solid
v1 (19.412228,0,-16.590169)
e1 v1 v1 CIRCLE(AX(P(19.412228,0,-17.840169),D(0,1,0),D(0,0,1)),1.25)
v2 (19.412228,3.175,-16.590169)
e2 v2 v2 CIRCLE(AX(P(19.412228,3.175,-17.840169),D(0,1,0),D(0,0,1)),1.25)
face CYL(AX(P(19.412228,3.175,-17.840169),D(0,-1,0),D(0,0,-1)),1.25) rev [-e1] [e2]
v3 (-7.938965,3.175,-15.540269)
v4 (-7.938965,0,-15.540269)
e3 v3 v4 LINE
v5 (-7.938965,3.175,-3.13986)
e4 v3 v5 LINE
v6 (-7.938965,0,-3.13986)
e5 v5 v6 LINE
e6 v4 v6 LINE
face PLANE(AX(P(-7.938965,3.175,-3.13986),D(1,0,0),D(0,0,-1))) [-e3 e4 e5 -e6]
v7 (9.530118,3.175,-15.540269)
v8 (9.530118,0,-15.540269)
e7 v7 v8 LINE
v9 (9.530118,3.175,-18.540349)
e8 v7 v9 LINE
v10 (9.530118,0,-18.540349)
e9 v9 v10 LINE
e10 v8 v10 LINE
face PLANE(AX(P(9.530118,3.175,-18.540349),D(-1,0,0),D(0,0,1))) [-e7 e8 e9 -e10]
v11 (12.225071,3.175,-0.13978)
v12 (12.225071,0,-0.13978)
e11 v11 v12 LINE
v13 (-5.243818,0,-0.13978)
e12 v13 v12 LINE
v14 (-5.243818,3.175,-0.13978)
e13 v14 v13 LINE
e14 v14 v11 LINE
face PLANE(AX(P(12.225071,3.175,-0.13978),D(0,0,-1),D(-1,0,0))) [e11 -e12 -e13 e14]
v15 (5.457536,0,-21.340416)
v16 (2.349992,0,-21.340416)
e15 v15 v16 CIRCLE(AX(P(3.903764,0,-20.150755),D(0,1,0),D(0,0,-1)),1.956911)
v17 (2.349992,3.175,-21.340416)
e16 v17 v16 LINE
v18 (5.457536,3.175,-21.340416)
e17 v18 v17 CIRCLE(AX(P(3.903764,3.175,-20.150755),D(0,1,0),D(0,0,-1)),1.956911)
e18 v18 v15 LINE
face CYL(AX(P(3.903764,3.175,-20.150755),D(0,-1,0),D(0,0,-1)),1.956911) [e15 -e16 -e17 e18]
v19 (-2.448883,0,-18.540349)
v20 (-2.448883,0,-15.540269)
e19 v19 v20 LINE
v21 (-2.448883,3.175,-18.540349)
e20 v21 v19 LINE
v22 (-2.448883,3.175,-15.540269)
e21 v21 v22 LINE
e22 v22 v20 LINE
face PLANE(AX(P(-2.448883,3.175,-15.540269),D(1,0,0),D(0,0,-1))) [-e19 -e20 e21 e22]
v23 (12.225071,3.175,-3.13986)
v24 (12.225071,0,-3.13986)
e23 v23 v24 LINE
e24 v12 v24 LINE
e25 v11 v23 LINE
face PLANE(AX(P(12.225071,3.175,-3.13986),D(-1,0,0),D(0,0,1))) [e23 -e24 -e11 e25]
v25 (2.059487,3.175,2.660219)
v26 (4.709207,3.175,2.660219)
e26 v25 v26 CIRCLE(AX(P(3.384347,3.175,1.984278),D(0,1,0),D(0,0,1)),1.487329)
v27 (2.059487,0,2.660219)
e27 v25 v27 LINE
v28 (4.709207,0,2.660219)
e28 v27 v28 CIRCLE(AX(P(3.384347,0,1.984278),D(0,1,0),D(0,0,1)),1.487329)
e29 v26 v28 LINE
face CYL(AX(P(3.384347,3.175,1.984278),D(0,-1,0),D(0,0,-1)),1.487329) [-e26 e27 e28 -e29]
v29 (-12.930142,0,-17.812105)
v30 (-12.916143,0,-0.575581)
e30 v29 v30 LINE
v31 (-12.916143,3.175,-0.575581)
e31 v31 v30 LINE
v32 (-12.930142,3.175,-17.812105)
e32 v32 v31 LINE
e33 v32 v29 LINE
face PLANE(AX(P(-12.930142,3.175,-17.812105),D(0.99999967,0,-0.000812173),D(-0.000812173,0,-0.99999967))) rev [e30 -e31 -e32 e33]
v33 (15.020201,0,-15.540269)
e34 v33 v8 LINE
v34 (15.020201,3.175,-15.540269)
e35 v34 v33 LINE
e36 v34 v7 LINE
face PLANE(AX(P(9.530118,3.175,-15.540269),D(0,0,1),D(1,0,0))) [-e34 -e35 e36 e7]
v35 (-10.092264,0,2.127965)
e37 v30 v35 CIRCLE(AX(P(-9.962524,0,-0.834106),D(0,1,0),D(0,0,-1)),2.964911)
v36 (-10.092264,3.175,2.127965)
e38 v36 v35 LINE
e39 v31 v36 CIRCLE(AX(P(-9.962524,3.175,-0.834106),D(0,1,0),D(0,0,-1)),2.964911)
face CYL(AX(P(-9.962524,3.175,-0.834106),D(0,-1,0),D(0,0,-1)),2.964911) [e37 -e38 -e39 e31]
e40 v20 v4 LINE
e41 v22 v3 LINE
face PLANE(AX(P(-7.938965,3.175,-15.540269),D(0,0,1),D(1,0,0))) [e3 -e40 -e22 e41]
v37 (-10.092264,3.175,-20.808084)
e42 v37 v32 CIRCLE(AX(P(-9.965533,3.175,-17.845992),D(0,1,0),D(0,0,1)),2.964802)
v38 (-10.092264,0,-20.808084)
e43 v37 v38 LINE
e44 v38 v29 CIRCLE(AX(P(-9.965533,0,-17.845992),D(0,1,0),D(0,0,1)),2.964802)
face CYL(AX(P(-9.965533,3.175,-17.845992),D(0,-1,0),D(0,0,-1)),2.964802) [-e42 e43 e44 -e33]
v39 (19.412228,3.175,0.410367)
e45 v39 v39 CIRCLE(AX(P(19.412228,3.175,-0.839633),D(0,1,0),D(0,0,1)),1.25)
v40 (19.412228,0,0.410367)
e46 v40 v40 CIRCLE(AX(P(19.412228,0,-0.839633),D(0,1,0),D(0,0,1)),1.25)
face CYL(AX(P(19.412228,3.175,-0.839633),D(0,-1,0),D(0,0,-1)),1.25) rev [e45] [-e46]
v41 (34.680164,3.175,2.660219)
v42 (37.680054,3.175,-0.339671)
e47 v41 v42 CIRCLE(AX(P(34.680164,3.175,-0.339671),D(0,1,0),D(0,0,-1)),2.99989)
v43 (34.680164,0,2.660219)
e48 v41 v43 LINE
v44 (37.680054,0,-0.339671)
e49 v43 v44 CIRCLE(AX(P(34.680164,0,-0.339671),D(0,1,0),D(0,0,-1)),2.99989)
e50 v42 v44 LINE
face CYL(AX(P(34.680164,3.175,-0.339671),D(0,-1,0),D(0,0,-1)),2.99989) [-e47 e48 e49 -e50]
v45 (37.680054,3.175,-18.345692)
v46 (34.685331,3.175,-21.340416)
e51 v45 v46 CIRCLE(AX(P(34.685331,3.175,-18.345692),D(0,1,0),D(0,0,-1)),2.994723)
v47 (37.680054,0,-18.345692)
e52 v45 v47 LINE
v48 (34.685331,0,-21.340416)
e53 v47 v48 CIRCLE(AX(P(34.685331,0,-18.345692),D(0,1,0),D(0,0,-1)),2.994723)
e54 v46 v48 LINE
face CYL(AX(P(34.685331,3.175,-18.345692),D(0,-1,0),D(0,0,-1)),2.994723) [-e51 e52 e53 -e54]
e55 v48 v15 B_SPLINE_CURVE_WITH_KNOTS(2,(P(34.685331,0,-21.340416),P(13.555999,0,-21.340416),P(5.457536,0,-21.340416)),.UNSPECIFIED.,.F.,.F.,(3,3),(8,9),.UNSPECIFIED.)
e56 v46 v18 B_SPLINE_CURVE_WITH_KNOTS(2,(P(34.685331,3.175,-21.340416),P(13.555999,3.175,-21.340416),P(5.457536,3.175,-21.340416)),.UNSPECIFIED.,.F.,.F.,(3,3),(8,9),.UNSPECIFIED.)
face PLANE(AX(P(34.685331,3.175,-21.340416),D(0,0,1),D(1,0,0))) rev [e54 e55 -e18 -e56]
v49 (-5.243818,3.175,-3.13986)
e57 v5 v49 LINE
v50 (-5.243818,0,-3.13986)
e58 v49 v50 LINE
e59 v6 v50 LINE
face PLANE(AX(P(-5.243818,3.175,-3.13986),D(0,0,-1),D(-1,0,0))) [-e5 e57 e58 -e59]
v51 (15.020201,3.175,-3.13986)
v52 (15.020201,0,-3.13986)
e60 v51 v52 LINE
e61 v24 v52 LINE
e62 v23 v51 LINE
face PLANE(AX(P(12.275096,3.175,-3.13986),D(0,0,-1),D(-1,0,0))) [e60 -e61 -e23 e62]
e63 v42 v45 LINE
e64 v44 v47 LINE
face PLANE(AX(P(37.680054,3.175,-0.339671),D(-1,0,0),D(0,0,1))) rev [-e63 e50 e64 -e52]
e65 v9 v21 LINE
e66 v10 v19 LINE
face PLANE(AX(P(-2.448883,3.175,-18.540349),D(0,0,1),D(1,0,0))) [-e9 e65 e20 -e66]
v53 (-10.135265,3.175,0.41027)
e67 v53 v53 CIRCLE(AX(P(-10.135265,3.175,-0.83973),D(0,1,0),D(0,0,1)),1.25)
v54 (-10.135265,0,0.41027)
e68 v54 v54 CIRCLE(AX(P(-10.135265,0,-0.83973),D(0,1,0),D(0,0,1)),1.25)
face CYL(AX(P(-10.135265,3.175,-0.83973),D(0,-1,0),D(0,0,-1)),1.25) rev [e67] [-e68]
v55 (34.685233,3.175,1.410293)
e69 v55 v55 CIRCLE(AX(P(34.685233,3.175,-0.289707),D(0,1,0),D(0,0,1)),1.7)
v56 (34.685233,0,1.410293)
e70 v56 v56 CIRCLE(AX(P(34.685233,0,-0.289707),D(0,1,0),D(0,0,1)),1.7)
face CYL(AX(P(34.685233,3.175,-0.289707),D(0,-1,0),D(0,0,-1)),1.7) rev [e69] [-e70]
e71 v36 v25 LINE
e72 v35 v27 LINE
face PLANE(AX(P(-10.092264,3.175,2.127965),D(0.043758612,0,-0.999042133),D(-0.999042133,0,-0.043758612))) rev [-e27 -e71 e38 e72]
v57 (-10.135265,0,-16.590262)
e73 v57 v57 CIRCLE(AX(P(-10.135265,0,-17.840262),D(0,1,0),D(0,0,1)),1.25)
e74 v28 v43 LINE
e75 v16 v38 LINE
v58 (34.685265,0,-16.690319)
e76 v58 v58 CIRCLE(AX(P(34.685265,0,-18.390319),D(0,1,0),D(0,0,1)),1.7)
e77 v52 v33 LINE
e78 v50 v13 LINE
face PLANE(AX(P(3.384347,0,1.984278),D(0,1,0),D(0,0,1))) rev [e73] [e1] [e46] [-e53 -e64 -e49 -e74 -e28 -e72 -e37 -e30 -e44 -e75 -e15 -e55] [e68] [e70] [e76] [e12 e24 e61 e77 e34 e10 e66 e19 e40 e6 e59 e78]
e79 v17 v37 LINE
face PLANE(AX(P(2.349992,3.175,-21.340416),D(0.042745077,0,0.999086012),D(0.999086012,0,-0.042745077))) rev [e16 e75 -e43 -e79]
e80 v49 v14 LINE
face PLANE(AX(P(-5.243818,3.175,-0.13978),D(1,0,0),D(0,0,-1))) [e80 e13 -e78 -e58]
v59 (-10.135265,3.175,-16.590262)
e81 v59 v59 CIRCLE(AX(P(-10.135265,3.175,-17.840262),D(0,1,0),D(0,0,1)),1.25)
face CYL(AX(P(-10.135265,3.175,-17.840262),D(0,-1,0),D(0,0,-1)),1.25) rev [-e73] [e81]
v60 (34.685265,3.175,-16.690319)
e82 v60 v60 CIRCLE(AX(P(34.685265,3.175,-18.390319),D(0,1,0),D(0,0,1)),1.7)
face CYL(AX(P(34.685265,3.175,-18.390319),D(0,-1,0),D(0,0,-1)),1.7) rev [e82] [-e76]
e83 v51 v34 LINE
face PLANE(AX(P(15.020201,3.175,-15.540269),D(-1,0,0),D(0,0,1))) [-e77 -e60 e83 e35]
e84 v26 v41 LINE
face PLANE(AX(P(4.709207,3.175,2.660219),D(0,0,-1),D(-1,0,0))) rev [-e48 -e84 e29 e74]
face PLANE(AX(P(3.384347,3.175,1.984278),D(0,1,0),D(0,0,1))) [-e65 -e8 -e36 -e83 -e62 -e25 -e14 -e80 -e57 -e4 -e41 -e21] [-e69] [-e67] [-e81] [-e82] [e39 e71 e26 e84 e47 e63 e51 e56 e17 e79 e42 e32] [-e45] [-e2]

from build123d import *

# Parameters (mm, degrees)
SKETCH1_R           = 1.25
SKETCH1_R_2         = 1.7
BOSS_EXTRUDE1_DEPTH = 3.175


with BuildPart() as part:
    # Sketch1 → Boss-Extrude1 (new body)
    with BuildSketch(Plane(origin=(0, 0, 0), x_dir=(1, 0, 0), z_dir=(0, 1, 0))):
        with BuildLine():
            Line((4.709206507, -2.660218653), (34.68016435, -2.660218653))
            ThreePointArc((34.68016435, -2.660218653), (36.801406663, -1.781571318), (37.680053998, 0.339670996))
            Line((37.680053998, 0.339670996), (37.680053998, 18.345692352))
            ThreePointArc((37.680053998, 18.345692352), (36.802919812, 20.463281602), (34.685330562, 21.340415789))
            add(Edge.make_bspline(
                [(34.685330562, 21.340415789), (13.555998876, 21.34041579), (5.457536405, 21.34041579)],
                knots=[8, 8, 8, 9, 9, 9], degree=2))
            ThreePointArc((5.457536405, 21.34041579), (3.903764208, 22.107666003), (2.349992011, 21.34041579))
            Line((2.349992011, 21.34041579), (-10.092264133, 20.808084054))
            ThreePointArc((-10.092264133, 20.808084054), (-12.117989286, 19.884860301), (-12.930141677, 17.812105374))
            Line((-12.930141677, 17.812105374), (-12.916142632, 0.575581301))
            ThreePointArc((-12.916142632, 0.575581301), (-12.012905856, -1.307536184), (-10.092264134, -2.127965046))
            Line((-10.092264134, -2.127965046), (2.059487443, -2.660218653))
            ThreePointArc((2.059487443, -2.660218653), (3.384346975, -3.471607461), (4.709206507, -2.660218653))
        make_face()
        with Locations(Location((-10.13526538, 17.840261618, 0), (0, 0, 270))):
            Circle(SKETCH1_R, mode=Mode.SUBTRACT)
        with Locations(Location((-10.13526538, 0.839730428, 0), (0, 0, 270))):
            Circle(SKETCH1_R, mode=Mode.SUBTRACT)
        with Locations(Location((19.41222808, 0.839632764, 0), (0, 0, 270))):
            Circle(SKETCH1_R, mode=Mode.SUBTRACT)
        with Locations(Location((19.412228081, 17.840168837, 0), (0, 0, 270))):
            Circle(SKETCH1_R, mode=Mode.SUBTRACT)
        with Locations(Location((34.685233075, 0.289707036, 0), (0, 0, 270))):
            Circle(SKETCH1_R_2, mode=Mode.SUBTRACT)
        with Locations(Location((34.685264759, 18.390319188, 0), (0, 0, 270))):
            Circle(SKETCH1_R_2, mode=Mode.SUBTRACT)
        Polygon((12.275095957, 3.139860204), (12.225070816, 3.139860204), (12.225070816, 0.139779677), (-5.243817542, 0.139779677), (-5.243817542, 3.139860204), (-7.938965263, 3.139860204), (-7.938965263, 15.540268571), (-2.448882753, 15.540268571), (-2.448882753, 18.540349097), (9.530118068, 18.540349097), (9.530118068, 15.540268571), (15.020200579, 15.540268571), (15.020200579, 3.139860204), align=None, mode=Mode.SUBTRACT)
    extrude(amount=BOSS_EXTRUDE1_DEPTH)


solid = part.part
